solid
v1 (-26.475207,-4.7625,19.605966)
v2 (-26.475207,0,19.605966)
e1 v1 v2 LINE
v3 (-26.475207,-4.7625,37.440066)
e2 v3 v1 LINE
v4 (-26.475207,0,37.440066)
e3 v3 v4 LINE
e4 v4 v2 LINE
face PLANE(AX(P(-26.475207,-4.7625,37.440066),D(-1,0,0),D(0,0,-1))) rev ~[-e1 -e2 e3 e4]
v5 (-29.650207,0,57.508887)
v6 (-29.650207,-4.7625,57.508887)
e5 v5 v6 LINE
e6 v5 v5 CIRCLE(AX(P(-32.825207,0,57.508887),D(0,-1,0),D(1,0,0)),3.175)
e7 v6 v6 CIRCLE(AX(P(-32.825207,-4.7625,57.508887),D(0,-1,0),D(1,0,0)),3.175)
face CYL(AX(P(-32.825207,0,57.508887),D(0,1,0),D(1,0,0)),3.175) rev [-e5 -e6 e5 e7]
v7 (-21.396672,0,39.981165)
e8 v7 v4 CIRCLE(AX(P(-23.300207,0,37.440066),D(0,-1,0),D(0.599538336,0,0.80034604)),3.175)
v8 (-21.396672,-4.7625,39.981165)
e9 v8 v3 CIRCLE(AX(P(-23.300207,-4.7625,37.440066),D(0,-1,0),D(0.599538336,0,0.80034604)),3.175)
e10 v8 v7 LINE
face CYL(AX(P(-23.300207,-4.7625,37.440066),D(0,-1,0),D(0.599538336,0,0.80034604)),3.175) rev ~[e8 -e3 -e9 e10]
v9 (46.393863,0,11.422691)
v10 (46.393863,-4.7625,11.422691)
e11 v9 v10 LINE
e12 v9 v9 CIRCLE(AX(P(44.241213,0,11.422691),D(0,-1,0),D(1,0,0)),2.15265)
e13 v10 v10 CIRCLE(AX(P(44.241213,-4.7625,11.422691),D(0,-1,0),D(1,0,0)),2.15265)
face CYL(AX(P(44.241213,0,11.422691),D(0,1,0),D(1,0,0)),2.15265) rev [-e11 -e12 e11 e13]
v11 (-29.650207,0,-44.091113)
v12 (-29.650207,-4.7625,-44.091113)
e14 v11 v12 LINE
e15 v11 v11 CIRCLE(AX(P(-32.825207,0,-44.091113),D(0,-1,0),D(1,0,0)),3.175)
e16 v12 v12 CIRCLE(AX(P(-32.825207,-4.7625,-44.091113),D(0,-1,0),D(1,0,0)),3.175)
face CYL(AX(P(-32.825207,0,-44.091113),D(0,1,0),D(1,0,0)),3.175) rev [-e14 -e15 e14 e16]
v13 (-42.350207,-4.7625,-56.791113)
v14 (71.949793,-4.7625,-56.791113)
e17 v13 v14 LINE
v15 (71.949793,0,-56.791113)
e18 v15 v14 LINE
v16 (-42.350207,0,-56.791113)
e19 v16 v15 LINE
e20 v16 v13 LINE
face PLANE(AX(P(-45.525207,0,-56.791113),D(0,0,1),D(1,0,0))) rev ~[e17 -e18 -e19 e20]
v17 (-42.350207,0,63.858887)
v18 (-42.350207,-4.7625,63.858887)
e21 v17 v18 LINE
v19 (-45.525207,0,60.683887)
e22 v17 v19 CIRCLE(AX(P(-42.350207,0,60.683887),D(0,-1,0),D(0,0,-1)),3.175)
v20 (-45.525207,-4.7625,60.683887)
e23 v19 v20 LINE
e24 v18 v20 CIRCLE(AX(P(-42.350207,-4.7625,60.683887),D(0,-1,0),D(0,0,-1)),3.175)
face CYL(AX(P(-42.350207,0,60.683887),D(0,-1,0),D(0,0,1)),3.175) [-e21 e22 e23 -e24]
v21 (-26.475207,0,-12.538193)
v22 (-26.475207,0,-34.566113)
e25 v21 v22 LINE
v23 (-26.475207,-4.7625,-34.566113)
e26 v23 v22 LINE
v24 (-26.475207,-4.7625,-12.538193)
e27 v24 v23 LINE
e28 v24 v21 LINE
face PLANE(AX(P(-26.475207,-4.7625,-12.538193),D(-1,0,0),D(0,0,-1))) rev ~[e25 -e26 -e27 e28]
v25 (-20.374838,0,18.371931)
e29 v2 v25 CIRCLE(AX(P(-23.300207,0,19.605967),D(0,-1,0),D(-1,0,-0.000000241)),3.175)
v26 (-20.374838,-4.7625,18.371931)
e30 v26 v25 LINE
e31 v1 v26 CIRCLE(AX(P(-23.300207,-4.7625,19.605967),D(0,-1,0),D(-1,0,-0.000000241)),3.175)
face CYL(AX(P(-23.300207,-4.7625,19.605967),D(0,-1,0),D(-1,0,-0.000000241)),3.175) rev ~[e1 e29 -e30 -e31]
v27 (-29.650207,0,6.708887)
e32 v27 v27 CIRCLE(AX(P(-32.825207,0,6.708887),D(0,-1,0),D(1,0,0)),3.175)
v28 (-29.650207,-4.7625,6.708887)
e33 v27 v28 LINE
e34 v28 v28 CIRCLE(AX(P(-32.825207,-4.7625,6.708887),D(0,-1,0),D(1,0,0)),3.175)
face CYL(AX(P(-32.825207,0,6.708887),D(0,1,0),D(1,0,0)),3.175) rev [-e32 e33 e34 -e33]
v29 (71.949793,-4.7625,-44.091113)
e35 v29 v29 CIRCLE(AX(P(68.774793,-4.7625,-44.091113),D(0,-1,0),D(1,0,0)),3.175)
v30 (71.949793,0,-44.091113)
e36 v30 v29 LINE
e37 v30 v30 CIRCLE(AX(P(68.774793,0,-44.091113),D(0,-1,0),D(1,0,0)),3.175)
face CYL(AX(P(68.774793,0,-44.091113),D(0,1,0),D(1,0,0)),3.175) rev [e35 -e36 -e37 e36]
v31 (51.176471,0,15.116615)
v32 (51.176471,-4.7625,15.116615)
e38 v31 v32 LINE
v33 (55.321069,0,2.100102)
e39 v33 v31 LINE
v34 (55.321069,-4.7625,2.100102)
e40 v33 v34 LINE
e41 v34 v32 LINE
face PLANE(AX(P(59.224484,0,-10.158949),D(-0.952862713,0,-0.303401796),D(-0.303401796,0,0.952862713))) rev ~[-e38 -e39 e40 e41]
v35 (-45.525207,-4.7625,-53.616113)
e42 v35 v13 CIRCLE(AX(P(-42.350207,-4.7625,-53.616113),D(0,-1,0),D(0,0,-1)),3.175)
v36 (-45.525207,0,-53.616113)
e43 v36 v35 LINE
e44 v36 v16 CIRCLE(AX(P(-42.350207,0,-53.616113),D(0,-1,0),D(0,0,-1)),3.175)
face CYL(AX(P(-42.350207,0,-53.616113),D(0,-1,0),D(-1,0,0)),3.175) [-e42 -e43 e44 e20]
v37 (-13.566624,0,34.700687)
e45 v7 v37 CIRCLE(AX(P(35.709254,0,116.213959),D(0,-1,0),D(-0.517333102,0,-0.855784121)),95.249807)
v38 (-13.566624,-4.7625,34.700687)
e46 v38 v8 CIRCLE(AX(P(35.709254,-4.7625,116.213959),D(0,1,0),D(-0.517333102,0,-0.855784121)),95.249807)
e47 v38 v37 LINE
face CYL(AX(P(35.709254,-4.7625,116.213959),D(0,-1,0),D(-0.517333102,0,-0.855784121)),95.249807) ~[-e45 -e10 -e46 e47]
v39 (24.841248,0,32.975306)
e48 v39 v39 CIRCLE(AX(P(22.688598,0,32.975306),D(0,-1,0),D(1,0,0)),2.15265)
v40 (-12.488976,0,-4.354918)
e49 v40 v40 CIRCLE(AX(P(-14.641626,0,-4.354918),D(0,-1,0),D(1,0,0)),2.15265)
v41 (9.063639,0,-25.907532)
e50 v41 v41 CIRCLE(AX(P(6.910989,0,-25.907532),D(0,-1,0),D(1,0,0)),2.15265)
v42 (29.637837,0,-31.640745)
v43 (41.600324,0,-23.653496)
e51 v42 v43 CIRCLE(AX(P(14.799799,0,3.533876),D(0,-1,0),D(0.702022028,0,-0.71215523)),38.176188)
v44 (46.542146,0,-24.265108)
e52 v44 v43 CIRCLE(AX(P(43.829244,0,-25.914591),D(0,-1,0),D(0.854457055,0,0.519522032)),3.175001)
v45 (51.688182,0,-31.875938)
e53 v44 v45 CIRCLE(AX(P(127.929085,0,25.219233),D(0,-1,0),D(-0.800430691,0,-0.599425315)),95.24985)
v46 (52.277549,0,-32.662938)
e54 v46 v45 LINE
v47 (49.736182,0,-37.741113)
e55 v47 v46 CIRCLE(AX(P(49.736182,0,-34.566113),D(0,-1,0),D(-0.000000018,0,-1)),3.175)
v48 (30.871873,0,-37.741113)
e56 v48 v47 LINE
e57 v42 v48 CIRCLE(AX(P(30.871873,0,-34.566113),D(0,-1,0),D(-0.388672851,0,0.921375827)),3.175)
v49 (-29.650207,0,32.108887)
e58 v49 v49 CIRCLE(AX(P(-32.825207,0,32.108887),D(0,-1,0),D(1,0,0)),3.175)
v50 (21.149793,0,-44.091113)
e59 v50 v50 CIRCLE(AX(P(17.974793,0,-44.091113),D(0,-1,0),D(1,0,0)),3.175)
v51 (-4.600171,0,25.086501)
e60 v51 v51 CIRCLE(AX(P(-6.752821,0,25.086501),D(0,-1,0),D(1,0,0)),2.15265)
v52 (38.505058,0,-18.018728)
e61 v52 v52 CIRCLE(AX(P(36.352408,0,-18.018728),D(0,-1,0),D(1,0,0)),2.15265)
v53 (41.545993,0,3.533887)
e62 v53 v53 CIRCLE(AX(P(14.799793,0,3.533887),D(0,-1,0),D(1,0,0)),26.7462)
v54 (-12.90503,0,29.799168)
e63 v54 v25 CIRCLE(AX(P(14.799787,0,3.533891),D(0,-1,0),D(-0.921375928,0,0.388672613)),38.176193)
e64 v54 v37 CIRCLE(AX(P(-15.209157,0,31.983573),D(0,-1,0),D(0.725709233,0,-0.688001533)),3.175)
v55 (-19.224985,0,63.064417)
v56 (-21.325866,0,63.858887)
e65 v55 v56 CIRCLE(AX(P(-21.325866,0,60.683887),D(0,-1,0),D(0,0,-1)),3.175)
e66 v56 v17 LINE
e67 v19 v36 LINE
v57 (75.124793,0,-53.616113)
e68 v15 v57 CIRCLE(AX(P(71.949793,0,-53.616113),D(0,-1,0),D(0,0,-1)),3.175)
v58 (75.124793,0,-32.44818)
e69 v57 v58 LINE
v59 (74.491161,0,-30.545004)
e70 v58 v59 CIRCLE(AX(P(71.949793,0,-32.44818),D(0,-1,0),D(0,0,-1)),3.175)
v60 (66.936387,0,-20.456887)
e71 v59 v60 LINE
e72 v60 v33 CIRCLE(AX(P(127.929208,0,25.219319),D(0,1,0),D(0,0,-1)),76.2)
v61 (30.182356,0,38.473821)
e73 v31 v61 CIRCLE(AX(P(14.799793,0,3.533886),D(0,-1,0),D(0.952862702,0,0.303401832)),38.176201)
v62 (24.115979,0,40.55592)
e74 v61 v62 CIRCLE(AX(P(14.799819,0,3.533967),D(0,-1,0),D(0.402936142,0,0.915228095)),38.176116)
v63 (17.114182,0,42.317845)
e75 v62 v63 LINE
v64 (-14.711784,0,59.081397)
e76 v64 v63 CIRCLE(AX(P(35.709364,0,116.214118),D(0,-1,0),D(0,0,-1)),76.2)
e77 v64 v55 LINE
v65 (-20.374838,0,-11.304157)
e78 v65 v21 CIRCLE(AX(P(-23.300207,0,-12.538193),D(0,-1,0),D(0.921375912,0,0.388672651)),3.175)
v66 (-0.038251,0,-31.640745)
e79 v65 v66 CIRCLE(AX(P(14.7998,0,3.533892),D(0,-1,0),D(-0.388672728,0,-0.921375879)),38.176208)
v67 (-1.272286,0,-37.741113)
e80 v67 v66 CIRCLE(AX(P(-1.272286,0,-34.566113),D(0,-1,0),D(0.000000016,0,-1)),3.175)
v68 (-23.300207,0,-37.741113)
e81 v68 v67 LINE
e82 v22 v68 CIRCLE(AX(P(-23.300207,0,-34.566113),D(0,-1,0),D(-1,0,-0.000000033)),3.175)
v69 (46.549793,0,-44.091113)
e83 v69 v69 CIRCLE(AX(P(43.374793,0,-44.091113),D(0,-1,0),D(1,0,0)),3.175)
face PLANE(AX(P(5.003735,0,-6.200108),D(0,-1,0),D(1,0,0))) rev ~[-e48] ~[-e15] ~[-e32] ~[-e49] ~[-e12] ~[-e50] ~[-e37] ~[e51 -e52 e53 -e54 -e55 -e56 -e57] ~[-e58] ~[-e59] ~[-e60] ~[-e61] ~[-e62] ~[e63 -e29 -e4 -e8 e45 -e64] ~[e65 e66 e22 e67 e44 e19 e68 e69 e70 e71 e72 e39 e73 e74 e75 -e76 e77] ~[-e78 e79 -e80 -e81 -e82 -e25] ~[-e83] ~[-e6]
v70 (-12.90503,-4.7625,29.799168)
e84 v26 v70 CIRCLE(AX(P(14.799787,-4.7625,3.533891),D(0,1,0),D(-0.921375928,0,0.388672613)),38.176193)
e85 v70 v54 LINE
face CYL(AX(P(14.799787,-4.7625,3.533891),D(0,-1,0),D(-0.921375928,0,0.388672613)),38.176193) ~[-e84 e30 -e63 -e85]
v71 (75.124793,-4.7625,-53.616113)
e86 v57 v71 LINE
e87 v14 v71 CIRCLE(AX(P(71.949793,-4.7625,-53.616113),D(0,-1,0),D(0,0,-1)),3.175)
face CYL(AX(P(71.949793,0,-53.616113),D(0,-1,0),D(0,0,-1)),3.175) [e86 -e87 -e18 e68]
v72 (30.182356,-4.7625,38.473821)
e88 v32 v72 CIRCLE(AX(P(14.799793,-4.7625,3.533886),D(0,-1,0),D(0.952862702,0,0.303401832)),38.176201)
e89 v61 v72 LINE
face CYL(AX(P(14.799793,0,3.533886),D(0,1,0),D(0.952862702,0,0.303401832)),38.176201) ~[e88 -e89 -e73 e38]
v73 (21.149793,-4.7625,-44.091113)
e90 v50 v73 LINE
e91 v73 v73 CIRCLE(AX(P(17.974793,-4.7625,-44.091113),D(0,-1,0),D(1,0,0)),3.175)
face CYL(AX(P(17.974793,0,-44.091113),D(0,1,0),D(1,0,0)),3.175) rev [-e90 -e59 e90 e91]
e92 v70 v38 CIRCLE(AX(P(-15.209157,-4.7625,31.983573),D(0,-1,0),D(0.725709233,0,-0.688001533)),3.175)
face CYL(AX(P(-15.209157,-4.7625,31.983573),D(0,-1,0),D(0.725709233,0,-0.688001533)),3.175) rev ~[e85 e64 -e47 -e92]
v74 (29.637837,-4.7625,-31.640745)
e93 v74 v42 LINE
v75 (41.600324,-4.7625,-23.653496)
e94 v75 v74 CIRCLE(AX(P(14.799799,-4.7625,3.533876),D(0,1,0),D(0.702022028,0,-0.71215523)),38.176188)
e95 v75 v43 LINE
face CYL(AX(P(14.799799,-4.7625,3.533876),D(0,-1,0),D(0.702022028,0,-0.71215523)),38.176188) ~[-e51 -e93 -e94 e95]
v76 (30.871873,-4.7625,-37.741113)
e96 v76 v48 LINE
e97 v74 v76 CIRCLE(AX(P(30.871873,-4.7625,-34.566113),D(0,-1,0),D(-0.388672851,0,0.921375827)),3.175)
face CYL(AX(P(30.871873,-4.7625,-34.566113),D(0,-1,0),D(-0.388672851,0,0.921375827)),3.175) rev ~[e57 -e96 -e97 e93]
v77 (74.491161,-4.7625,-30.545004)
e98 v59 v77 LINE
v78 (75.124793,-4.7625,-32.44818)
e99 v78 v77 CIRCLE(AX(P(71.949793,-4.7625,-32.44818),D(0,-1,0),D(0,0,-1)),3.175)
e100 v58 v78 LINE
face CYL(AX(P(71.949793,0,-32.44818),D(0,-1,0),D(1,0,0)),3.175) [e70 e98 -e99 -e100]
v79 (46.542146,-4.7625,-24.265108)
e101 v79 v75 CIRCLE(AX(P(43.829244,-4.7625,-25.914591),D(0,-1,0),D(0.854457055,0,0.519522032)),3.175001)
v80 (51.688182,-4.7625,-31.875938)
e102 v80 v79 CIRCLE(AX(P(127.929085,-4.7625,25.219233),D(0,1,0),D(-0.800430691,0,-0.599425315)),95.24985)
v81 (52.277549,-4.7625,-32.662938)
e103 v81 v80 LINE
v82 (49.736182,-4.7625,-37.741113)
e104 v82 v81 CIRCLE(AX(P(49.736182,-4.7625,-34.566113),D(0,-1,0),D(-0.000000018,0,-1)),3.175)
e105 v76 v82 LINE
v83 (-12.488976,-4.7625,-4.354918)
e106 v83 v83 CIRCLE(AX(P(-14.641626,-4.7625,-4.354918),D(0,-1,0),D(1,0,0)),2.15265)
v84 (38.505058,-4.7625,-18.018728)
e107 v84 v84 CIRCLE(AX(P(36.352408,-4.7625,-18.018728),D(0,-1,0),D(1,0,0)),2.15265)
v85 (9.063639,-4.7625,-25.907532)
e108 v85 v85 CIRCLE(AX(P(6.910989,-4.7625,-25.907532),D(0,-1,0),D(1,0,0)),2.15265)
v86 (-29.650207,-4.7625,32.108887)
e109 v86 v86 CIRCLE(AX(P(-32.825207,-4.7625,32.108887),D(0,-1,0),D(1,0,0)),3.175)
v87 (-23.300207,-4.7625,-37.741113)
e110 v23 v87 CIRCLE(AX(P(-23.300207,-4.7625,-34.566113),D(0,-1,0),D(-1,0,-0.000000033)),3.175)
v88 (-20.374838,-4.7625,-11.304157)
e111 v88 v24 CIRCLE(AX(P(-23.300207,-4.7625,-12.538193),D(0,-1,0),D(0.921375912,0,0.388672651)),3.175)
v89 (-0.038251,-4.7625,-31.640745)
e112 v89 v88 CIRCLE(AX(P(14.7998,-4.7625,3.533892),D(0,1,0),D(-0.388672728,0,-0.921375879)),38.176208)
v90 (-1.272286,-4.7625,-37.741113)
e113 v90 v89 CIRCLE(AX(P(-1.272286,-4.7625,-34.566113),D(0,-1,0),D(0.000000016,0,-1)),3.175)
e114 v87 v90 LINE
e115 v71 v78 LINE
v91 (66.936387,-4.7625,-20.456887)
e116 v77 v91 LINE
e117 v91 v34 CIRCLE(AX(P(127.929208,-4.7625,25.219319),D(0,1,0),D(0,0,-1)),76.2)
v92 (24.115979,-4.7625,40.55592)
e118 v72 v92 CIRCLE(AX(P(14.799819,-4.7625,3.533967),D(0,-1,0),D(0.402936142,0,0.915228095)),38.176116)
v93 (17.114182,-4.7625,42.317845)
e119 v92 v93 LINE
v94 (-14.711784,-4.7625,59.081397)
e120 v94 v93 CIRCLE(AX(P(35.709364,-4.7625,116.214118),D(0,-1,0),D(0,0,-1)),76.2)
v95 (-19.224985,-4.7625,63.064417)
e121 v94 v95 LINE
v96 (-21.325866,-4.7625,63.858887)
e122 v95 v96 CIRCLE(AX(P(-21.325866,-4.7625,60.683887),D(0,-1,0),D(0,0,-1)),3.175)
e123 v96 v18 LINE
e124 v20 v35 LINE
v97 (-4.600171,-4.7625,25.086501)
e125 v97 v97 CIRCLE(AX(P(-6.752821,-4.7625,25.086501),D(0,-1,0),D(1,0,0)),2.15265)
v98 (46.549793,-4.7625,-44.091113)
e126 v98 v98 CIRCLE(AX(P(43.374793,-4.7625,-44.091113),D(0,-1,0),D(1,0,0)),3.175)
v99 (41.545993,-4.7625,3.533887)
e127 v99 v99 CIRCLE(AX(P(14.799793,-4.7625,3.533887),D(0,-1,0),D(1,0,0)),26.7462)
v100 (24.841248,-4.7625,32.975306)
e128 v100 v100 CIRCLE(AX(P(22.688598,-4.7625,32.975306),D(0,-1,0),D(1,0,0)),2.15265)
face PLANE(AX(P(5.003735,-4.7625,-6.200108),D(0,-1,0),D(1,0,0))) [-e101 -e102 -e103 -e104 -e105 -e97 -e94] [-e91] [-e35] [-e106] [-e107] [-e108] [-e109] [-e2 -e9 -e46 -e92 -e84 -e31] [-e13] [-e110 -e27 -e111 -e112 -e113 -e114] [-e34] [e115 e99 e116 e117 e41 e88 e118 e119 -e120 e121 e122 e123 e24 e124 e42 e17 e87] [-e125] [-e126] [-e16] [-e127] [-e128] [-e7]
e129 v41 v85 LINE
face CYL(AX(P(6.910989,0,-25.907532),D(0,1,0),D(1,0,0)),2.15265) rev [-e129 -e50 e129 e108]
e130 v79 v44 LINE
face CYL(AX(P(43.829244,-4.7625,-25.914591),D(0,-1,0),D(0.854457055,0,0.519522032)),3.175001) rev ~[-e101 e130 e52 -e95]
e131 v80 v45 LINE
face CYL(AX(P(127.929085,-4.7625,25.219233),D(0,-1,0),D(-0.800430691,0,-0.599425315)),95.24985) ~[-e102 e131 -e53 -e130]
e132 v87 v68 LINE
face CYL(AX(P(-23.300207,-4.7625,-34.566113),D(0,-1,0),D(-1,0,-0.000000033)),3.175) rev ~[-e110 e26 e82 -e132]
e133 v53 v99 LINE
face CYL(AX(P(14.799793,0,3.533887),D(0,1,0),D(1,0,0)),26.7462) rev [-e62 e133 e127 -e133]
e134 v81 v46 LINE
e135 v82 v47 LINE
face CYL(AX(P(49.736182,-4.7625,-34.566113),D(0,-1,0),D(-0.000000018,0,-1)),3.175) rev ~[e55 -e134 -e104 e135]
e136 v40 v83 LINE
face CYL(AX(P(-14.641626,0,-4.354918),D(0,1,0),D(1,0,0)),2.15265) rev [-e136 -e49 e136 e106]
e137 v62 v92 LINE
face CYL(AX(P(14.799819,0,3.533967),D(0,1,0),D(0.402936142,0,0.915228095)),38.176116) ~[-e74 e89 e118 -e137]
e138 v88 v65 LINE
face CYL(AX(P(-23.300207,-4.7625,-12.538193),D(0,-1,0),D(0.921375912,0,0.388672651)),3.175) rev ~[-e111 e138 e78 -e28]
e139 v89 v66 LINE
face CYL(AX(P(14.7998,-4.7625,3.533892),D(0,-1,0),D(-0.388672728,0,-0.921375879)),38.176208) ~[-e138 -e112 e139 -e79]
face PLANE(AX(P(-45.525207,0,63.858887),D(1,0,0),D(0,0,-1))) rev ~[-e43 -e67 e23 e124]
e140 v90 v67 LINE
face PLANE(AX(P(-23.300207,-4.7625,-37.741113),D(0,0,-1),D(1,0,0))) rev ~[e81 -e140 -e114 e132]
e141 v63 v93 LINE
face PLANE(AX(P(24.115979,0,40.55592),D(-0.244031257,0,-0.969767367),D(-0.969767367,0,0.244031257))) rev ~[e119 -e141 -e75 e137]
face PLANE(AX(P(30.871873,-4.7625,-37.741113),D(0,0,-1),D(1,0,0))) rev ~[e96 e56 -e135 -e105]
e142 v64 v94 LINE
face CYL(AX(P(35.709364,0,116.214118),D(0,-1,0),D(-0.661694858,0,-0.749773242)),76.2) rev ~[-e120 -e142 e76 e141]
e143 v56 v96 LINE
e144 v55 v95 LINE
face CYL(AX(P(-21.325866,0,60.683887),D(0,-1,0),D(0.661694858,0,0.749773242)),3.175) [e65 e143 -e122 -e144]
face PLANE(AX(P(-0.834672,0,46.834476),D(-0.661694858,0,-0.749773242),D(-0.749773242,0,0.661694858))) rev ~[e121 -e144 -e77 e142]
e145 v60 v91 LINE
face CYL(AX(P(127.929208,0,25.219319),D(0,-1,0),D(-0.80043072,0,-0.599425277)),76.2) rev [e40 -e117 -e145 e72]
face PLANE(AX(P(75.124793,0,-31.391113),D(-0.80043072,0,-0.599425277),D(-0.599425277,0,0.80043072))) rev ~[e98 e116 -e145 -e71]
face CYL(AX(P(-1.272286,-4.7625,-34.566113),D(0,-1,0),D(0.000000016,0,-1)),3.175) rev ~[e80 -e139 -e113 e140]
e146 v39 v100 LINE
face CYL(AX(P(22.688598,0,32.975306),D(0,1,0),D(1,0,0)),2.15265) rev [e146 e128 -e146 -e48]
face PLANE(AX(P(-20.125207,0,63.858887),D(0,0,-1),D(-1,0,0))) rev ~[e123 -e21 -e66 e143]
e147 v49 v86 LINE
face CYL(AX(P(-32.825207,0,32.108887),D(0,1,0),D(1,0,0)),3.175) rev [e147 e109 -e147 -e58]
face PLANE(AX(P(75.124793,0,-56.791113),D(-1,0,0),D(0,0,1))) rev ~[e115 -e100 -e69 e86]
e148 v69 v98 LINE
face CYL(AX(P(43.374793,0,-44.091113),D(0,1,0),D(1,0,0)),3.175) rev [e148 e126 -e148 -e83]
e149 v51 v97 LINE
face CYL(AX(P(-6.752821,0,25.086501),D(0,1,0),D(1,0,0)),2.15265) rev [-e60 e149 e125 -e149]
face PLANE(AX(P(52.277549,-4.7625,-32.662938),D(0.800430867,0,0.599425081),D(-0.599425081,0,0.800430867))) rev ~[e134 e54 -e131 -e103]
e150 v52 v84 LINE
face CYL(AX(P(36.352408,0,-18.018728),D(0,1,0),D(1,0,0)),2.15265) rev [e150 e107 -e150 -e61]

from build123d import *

# Parameters (mm, degrees)
F0_R     = 3.175
F0_R_2   = 2.15265
F0_R_3   = 26.7462
F1_DEPTH = 4.7625
F2_R     = 76.2
F3_R     = 3.175
F5_DEPTH = 4.7635


with BuildPart() as f1:
    # F0 (on Front) → F1 (new body)
    with BuildSketch(Plane.XZ):
        with BuildLine():
            Line((-20.125207, 63.858887), (-45.525207, 63.858887))
            Line((-45.525207, 63.858887), (-45.525207, -56.791113))
            Line((-45.525207, -56.791113), (75.124793, -56.791113))
            Line((75.124793, -56.791113), (75.124793, -31.391113))
            Line((75.124793, -31.391113), (59.224484, -10.158949))
            Line((59.224484, -10.158949), (51.176471, 15.116615))
            ThreePointArc((51.176471, 15.116615), (43.192477, 29.054031), (30.182356, 38.473821))
            ThreePointArc((30.182356, 38.473821), (27.19297, 39.642493), (24.115979, 40.55592))
            Line((24.115979, 40.55592), (-0.834672, 46.834476))
            Line((-0.834672, 46.834476), (-20.125207, 63.858887))
        make_face()
        with Locations((-32.825207, -44.091113)):
            Circle(F0_R, mode=Mode.SUBTRACT)
        with Locations((6.910989, -25.907532)):
            Circle(F0_R_2, mode=Mode.SUBTRACT)
        with Locations((-14.641626, -4.354918)):
            Circle(F0_R_2, mode=Mode.SUBTRACT)
        with Locations((17.974793, -44.091113)):
            Circle(F0_R, mode=Mode.SUBTRACT)
        with Locations((43.374793, -44.091113)):
            Circle(F0_R, mode=Mode.SUBTRACT)
        with Locations((68.774793, -44.091113)):
            Circle(F0_R, mode=Mode.SUBTRACT)
        with Locations((36.352408, -18.018728)):
            Circle(F0_R_2, mode=Mode.SUBTRACT)
        with Locations((-32.825207, 6.708887)):
            Circle(F0_R, mode=Mode.SUBTRACT)
        with Locations((-32.825207, 32.108887)):
            Circle(F0_R, mode=Mode.SUBTRACT)
        with Locations((-6.752821, 25.086501)):
            Circle(F0_R_2, mode=Mode.SUBTRACT)
        with Locations((-32.825207, 57.508887)):
            Circle(F0_R, mode=Mode.SUBTRACT)
        with Locations((14.799793, 3.533887)):
            Circle(F0_R_3, mode=Mode.SUBTRACT)
        with Locations((44.241213, 11.422691)):
            Circle(F0_R_2, mode=Mode.SUBTRACT)
        with Locations((22.688598, 32.975306)):
            Circle(F0_R_2, mode=Mode.SUBTRACT)
    extrude(amount=F1_DEPTH)

    # F2
    f2_edges = [f1.edges().sort_by_distance(p)[0] for p in [
        (-0.834672, -2.38125, 46.834476),
        (59.224484, -2.38125, -10.158949),
    ]]
    fillet(f2_edges, radius=F2_R)

    # F3
    f3_edges = [f1.edges().sort_by_distance(p)[0] for p in [
        (-45.525207, -2.38125, 63.858887),
        (-20.125207, -2.38125, 63.858887),
        (-45.525207, -2.38125, -56.791113),
        (75.124793, -2.38125, -31.391113),
        (75.124793, -2.38125, -56.791113),
    ]]
    fillet(f3_edges, radius=F3_R)

    # F4 (on face) → F5 (cut, through all)
    with BuildSketch(Plane.XZ.offset(4.7625)):
        with BuildLine():
            ThreePointArc((-12.90503, 29.799168), (-12.06269, 32.408274), (-13.566624, 34.700687))
            ThreePointArc((-13.566624, 34.700687), (-17.547135, 37.243821), (-21.396672, 39.981165))
            ThreePointArc((-21.396672, 39.981165), (-24.720929, 40.279463), (-26.475207, 37.440066))
            Line((-26.475207, 37.440066), (-26.475207, 19.605966))
            ThreePointArc((-26.475207, 19.605966), (-23.929722, 16.494), (-20.374838, 18.371931))
            ThreePointArc((-20.374838, 18.371931), (-17.154892, 24.422169), (-12.90503, 29.799168))
        make_face()
        with BuildLine():
            ThreePointArc((-26.475207, -34.566113), (-25.545271, -36.811177), (-23.300207, -37.741113))
            Line((-23.300207, -37.741113), (-1.272286, -37.741113))
            ThreePointArc((-1.272286, -37.741113), (1.83968, -35.195629), (-0.038251, -31.640745))
            ThreePointArc((-0.038251, -31.640745), (-12.194856, -23.460763), (-20.374838, -11.304157))
            ThreePointArc((-20.374838, -11.304157), (-23.929722, -9.426226), (-26.475207, -12.538193))
            Line((-26.475207, -12.538193), (-26.475207, -34.566113))
        make_face()
        with BuildLine():
            Line((52.277549, -32.662938), (51.688182, -31.875938))
            ThreePointArc((51.688182, -31.875938), (49.023348, -28.132604), (46.542146, -24.265108))
            ThreePointArc((46.542146, -24.265108), (44.219215, -22.76363), (41.600324, -23.653496))
            ThreePointArc((41.600324, -23.653496), (35.998656, -28.215609), (29.637837, -31.640745))
            ThreePointArc((29.637837, -31.640745), (27.759907, -35.195629), (30.871873, -37.741113))
            Line((30.871873, -37.741113), (49.736182, -37.741113))
            ThreePointArc((49.736182, -37.741113), (52.575478, -35.987036), (52.277549, -32.662938))
        make_face()
    extrude(amount=-F5_DEPTH, mode=Mode.SUBTRACT)


solid = f1.part
